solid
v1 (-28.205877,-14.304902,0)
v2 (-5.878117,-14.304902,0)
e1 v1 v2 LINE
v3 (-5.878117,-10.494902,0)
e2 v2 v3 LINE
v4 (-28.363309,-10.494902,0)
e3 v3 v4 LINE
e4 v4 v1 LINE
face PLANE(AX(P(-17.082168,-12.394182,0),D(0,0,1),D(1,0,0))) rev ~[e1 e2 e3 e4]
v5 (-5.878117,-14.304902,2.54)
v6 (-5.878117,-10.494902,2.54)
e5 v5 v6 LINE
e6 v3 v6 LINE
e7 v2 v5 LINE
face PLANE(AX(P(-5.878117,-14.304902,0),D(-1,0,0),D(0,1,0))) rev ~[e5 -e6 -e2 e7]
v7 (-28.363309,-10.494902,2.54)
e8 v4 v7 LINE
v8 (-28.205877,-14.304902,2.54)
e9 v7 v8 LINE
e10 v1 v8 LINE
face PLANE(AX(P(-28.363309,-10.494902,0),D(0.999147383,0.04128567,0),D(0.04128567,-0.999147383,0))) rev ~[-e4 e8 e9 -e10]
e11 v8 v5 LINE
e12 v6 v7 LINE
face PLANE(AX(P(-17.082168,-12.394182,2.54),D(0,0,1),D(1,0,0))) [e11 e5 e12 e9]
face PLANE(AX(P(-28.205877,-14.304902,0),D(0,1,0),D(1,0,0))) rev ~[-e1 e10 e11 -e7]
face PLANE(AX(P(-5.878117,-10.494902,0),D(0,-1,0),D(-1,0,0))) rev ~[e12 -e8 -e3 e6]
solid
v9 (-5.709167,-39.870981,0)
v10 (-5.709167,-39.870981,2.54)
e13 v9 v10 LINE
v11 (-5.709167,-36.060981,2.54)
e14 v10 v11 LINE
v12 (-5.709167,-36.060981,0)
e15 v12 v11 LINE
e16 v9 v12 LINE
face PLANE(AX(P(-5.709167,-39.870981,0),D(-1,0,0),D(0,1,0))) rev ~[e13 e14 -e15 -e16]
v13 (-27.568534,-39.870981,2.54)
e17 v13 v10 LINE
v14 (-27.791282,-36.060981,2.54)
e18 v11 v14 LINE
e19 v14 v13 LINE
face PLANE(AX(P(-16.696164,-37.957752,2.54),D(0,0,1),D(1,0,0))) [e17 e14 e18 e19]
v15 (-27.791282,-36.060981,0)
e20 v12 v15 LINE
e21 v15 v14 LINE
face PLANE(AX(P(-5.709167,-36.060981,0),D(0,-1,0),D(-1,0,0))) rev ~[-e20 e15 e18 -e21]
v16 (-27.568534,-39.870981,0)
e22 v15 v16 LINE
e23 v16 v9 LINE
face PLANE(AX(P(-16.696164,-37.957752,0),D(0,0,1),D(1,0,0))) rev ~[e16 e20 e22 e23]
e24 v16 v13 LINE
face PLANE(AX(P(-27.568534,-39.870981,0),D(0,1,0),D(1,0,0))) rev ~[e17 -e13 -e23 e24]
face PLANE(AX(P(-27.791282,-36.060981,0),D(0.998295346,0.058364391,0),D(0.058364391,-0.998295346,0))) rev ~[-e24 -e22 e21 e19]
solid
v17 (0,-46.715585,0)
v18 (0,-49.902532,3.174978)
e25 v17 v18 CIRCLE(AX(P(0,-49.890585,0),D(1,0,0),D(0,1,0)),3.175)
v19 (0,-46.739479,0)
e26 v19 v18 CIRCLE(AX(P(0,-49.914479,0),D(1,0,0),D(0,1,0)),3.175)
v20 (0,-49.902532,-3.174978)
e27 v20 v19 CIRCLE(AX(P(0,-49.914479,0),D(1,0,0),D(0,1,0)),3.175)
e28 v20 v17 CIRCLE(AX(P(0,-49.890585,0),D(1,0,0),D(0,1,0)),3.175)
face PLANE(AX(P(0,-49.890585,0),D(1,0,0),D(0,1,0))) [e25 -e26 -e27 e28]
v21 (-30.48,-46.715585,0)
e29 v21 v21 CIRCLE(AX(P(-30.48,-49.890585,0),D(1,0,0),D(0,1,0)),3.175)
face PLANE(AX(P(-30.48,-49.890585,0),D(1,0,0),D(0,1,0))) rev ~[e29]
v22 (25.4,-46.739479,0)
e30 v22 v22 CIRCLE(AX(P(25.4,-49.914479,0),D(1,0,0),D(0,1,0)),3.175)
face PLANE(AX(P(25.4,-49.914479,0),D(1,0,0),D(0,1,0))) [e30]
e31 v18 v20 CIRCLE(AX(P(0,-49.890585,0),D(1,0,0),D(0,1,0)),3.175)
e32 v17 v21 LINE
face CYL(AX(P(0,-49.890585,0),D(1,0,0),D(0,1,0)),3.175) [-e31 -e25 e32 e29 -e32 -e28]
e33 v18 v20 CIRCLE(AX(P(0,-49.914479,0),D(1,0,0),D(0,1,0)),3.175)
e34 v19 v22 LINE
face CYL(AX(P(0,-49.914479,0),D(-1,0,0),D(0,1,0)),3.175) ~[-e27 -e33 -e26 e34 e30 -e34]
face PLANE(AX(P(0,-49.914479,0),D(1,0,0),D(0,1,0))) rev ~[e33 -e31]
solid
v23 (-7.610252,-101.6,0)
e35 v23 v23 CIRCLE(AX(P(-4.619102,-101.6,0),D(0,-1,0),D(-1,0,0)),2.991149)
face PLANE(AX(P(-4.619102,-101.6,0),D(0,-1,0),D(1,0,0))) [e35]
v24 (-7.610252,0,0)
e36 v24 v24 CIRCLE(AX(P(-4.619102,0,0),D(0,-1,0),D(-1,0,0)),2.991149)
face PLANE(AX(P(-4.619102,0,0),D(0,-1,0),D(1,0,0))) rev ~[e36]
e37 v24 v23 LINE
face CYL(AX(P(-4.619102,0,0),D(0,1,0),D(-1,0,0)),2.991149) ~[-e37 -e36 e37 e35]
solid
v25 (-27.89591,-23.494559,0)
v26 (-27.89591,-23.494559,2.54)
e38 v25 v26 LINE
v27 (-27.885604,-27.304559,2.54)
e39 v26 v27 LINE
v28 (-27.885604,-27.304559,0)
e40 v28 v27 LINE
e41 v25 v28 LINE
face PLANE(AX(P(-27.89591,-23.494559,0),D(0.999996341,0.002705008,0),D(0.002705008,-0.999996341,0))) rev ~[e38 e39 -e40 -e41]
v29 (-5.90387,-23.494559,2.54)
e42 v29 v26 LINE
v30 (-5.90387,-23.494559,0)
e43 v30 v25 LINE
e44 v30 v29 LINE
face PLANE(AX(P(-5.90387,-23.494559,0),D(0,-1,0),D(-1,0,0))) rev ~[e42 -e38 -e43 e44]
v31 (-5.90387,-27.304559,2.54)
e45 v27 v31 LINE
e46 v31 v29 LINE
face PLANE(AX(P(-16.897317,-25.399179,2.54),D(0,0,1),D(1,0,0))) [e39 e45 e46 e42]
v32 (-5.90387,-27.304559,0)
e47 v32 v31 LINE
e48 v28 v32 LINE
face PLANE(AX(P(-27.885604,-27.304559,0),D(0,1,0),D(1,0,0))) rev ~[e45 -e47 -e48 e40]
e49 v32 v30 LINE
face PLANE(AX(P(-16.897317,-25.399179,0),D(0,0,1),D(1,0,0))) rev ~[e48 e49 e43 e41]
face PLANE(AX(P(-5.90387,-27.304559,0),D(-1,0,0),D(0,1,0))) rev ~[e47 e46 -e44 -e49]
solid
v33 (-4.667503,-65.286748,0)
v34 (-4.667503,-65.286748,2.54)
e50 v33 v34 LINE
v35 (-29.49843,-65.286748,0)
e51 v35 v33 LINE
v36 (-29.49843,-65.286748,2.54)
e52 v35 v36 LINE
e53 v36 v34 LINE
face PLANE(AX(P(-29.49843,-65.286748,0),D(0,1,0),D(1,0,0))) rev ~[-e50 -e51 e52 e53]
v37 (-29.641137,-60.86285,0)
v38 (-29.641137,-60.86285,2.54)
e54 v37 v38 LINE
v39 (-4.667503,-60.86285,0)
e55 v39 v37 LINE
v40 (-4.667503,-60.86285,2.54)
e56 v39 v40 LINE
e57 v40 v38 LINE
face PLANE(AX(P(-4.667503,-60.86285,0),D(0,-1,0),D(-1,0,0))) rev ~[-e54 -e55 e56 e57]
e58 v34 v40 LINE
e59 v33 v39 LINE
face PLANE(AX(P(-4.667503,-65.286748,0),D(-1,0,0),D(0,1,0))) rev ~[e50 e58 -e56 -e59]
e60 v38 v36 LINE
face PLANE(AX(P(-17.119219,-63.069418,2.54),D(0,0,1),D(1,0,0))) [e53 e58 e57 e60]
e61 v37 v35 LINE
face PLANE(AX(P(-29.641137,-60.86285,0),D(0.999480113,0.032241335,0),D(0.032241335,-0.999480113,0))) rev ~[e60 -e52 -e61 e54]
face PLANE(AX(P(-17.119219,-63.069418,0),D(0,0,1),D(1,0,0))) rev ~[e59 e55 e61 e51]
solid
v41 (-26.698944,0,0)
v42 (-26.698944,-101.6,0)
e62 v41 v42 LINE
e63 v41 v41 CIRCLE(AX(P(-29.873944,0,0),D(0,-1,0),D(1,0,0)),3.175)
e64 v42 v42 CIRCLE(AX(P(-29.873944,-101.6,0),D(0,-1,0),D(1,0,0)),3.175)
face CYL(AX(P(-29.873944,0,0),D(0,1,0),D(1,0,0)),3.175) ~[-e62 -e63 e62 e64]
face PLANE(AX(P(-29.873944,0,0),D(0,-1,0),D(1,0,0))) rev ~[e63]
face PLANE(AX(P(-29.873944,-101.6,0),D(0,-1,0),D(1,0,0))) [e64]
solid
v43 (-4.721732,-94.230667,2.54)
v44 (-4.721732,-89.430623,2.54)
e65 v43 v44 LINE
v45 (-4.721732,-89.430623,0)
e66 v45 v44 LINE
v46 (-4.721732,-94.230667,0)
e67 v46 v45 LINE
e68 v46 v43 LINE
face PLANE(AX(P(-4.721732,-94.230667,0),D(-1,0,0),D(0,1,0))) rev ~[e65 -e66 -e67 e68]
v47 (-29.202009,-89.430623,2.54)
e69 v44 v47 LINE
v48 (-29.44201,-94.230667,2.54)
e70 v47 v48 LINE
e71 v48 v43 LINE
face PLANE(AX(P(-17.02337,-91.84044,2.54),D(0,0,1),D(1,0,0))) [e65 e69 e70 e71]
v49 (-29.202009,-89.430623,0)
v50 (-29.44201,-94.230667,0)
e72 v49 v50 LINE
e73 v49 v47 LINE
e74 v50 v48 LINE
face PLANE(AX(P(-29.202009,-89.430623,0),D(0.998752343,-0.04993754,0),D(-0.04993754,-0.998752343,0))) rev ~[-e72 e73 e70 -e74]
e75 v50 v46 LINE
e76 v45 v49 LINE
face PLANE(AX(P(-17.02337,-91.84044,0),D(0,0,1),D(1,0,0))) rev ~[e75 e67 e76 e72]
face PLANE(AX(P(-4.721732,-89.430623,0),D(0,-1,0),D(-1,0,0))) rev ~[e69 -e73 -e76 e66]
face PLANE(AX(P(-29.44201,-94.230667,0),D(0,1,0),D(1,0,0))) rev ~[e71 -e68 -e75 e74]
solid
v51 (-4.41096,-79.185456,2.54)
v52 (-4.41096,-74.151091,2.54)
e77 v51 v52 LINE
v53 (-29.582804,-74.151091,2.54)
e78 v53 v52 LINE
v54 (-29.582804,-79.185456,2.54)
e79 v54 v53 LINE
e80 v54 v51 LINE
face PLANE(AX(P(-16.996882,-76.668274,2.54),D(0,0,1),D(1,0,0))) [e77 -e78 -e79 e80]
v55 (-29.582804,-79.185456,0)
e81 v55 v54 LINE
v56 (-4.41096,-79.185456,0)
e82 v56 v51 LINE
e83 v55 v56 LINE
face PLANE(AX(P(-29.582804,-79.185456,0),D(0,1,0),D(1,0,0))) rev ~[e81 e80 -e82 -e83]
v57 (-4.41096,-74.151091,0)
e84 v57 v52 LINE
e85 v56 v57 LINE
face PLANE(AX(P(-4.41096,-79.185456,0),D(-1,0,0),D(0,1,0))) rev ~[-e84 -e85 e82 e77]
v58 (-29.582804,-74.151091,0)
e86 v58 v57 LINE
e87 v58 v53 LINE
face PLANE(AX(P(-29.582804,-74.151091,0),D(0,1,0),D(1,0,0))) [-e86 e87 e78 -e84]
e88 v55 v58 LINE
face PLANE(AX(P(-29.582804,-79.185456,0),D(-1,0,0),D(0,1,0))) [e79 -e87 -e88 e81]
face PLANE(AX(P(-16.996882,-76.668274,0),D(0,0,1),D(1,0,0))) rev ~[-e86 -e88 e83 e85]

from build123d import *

# Parameters (mm, degrees)
F1_DEPTH  = 101.6
F0_R      = 3.175
F3_DEPTH  = 2.54
F5_DEPTH  = 2.54
F7_DEPTH  = 2.54
F9_DEPTH  = 2.54
F10_W     = 25.1718442887
F10_H     = 5.0343647599
F11_DEPTH = 2.54
F13_DEPTH = 2.54
F14_R     = 3.175
F15_DEPTH = 25.4
F16_R     = 3.175
F17_DEPTH = 30.48


with BuildPart() as f1:
    # F0 (on Front) → F1 (new body)
    with BuildSketch(Plane.XZ):
        with BuildLine():
            ThreePointArc((-1.6279532905, 0), (-4.6191024041, 2.9911491136), (-7.6102515177, 0))
            ThreePointArc((-7.6102515177, 0), (-4.6191024041, -2.9911491136), (-1.6279532905, 0))
        make_face()
    extrude(amount=F1_DEPTH)


with BuildPart() as f1b:
    # F0 (on Front) → F1, piece 2 (new body)
    with BuildSketch(Plane.XZ):
        with Locations((-29.8739436954, 0)):
            Circle(F0_R)
    extrude(amount=F1_DEPTH)


with BuildPart() as f3:
    # F2 (on Top) → F3 (new body)
    with BuildSketch(Plane.XY):
        Polygon((-5.8781174012, -10.4949017987), (-28.3633093358, -10.4949017987), (-28.2058767051, -14.3049017987), (-5.8781174012, -14.3049017987), align=None)
    extrude(amount=F3_DEPTH)


with BuildPart() as f5:
    # F4 (on Top) → F5 (new body)
    with BuildSketch(Plane.XY):
        Polygon((-5.9038697944, -23.4945591775), (-27.895909807, -23.4945591775), (-27.8856036874, -27.3045591775), (-5.9038697944, -27.3045591775), align=None)
    extrude(amount=F5_DEPTH)


with BuildPart() as f7:
    # F6 (on Top) → F7 (new body)
    with BuildSketch(Plane.XY):
        Polygon((-5.7091666386, -36.060981127), (-27.7912820563, -36.060981127), (-27.5685340166, -39.870981127), (-5.7091666386, -39.870981127), align=None)
    extrude(amount=F7_DEPTH)


with BuildPart() as f9:
    # F8 (on Top) → F9 (new body)
    with BuildSketch(Plane.XY):
        Polygon((-4.6675032936, -60.8628503978), (-29.6411365271, -60.8628503978), (-29.498429969, -65.2867481112), (-4.6675032936, -65.2867481112), align=None)
    extrude(amount=F9_DEPTH)


with BuildPart() as f11:
    # F10 (on Top) → F11 (new body)
    with BuildSketch(Plane.XY):
        with Locations((-16.9968819246, -76.6682736576)):
            Rectangle(F10_W, F10_H)
    extrude(amount=F11_DEPTH)


with BuildPart() as f13:
    # F12 (on Top) → F13 (new body)
    with BuildSketch(Plane.XY):
        Polygon((-4.7217323445, -89.4306227565), (-29.2020086199, -89.4306227565), (-29.4420104474, -94.2306667566), (-4.7217323445, -94.2306667566), align=None)
    extrude(amount=F13_DEPTH)


with BuildPart() as f15:
    # F14 (on Right) → F15 (new body)
    with BuildSketch(Plane.YZ):
        with Locations((-49.9144792557, 0)):
            Circle(F14_R)
    extrude(amount=F15_DEPTH)

    # F16 (on Right) → F17 (join)
    with BuildSketch(Plane.YZ):
        with Locations((-49.8905852437, 0)):
            Circle(F16_R)
    extrude(amount=-F17_DEPTH)


solid = Compound([f1.part, f1b.part, f3.part, f5.part, f7.part, f9.part, f11.part, f13.part, f15.part])
